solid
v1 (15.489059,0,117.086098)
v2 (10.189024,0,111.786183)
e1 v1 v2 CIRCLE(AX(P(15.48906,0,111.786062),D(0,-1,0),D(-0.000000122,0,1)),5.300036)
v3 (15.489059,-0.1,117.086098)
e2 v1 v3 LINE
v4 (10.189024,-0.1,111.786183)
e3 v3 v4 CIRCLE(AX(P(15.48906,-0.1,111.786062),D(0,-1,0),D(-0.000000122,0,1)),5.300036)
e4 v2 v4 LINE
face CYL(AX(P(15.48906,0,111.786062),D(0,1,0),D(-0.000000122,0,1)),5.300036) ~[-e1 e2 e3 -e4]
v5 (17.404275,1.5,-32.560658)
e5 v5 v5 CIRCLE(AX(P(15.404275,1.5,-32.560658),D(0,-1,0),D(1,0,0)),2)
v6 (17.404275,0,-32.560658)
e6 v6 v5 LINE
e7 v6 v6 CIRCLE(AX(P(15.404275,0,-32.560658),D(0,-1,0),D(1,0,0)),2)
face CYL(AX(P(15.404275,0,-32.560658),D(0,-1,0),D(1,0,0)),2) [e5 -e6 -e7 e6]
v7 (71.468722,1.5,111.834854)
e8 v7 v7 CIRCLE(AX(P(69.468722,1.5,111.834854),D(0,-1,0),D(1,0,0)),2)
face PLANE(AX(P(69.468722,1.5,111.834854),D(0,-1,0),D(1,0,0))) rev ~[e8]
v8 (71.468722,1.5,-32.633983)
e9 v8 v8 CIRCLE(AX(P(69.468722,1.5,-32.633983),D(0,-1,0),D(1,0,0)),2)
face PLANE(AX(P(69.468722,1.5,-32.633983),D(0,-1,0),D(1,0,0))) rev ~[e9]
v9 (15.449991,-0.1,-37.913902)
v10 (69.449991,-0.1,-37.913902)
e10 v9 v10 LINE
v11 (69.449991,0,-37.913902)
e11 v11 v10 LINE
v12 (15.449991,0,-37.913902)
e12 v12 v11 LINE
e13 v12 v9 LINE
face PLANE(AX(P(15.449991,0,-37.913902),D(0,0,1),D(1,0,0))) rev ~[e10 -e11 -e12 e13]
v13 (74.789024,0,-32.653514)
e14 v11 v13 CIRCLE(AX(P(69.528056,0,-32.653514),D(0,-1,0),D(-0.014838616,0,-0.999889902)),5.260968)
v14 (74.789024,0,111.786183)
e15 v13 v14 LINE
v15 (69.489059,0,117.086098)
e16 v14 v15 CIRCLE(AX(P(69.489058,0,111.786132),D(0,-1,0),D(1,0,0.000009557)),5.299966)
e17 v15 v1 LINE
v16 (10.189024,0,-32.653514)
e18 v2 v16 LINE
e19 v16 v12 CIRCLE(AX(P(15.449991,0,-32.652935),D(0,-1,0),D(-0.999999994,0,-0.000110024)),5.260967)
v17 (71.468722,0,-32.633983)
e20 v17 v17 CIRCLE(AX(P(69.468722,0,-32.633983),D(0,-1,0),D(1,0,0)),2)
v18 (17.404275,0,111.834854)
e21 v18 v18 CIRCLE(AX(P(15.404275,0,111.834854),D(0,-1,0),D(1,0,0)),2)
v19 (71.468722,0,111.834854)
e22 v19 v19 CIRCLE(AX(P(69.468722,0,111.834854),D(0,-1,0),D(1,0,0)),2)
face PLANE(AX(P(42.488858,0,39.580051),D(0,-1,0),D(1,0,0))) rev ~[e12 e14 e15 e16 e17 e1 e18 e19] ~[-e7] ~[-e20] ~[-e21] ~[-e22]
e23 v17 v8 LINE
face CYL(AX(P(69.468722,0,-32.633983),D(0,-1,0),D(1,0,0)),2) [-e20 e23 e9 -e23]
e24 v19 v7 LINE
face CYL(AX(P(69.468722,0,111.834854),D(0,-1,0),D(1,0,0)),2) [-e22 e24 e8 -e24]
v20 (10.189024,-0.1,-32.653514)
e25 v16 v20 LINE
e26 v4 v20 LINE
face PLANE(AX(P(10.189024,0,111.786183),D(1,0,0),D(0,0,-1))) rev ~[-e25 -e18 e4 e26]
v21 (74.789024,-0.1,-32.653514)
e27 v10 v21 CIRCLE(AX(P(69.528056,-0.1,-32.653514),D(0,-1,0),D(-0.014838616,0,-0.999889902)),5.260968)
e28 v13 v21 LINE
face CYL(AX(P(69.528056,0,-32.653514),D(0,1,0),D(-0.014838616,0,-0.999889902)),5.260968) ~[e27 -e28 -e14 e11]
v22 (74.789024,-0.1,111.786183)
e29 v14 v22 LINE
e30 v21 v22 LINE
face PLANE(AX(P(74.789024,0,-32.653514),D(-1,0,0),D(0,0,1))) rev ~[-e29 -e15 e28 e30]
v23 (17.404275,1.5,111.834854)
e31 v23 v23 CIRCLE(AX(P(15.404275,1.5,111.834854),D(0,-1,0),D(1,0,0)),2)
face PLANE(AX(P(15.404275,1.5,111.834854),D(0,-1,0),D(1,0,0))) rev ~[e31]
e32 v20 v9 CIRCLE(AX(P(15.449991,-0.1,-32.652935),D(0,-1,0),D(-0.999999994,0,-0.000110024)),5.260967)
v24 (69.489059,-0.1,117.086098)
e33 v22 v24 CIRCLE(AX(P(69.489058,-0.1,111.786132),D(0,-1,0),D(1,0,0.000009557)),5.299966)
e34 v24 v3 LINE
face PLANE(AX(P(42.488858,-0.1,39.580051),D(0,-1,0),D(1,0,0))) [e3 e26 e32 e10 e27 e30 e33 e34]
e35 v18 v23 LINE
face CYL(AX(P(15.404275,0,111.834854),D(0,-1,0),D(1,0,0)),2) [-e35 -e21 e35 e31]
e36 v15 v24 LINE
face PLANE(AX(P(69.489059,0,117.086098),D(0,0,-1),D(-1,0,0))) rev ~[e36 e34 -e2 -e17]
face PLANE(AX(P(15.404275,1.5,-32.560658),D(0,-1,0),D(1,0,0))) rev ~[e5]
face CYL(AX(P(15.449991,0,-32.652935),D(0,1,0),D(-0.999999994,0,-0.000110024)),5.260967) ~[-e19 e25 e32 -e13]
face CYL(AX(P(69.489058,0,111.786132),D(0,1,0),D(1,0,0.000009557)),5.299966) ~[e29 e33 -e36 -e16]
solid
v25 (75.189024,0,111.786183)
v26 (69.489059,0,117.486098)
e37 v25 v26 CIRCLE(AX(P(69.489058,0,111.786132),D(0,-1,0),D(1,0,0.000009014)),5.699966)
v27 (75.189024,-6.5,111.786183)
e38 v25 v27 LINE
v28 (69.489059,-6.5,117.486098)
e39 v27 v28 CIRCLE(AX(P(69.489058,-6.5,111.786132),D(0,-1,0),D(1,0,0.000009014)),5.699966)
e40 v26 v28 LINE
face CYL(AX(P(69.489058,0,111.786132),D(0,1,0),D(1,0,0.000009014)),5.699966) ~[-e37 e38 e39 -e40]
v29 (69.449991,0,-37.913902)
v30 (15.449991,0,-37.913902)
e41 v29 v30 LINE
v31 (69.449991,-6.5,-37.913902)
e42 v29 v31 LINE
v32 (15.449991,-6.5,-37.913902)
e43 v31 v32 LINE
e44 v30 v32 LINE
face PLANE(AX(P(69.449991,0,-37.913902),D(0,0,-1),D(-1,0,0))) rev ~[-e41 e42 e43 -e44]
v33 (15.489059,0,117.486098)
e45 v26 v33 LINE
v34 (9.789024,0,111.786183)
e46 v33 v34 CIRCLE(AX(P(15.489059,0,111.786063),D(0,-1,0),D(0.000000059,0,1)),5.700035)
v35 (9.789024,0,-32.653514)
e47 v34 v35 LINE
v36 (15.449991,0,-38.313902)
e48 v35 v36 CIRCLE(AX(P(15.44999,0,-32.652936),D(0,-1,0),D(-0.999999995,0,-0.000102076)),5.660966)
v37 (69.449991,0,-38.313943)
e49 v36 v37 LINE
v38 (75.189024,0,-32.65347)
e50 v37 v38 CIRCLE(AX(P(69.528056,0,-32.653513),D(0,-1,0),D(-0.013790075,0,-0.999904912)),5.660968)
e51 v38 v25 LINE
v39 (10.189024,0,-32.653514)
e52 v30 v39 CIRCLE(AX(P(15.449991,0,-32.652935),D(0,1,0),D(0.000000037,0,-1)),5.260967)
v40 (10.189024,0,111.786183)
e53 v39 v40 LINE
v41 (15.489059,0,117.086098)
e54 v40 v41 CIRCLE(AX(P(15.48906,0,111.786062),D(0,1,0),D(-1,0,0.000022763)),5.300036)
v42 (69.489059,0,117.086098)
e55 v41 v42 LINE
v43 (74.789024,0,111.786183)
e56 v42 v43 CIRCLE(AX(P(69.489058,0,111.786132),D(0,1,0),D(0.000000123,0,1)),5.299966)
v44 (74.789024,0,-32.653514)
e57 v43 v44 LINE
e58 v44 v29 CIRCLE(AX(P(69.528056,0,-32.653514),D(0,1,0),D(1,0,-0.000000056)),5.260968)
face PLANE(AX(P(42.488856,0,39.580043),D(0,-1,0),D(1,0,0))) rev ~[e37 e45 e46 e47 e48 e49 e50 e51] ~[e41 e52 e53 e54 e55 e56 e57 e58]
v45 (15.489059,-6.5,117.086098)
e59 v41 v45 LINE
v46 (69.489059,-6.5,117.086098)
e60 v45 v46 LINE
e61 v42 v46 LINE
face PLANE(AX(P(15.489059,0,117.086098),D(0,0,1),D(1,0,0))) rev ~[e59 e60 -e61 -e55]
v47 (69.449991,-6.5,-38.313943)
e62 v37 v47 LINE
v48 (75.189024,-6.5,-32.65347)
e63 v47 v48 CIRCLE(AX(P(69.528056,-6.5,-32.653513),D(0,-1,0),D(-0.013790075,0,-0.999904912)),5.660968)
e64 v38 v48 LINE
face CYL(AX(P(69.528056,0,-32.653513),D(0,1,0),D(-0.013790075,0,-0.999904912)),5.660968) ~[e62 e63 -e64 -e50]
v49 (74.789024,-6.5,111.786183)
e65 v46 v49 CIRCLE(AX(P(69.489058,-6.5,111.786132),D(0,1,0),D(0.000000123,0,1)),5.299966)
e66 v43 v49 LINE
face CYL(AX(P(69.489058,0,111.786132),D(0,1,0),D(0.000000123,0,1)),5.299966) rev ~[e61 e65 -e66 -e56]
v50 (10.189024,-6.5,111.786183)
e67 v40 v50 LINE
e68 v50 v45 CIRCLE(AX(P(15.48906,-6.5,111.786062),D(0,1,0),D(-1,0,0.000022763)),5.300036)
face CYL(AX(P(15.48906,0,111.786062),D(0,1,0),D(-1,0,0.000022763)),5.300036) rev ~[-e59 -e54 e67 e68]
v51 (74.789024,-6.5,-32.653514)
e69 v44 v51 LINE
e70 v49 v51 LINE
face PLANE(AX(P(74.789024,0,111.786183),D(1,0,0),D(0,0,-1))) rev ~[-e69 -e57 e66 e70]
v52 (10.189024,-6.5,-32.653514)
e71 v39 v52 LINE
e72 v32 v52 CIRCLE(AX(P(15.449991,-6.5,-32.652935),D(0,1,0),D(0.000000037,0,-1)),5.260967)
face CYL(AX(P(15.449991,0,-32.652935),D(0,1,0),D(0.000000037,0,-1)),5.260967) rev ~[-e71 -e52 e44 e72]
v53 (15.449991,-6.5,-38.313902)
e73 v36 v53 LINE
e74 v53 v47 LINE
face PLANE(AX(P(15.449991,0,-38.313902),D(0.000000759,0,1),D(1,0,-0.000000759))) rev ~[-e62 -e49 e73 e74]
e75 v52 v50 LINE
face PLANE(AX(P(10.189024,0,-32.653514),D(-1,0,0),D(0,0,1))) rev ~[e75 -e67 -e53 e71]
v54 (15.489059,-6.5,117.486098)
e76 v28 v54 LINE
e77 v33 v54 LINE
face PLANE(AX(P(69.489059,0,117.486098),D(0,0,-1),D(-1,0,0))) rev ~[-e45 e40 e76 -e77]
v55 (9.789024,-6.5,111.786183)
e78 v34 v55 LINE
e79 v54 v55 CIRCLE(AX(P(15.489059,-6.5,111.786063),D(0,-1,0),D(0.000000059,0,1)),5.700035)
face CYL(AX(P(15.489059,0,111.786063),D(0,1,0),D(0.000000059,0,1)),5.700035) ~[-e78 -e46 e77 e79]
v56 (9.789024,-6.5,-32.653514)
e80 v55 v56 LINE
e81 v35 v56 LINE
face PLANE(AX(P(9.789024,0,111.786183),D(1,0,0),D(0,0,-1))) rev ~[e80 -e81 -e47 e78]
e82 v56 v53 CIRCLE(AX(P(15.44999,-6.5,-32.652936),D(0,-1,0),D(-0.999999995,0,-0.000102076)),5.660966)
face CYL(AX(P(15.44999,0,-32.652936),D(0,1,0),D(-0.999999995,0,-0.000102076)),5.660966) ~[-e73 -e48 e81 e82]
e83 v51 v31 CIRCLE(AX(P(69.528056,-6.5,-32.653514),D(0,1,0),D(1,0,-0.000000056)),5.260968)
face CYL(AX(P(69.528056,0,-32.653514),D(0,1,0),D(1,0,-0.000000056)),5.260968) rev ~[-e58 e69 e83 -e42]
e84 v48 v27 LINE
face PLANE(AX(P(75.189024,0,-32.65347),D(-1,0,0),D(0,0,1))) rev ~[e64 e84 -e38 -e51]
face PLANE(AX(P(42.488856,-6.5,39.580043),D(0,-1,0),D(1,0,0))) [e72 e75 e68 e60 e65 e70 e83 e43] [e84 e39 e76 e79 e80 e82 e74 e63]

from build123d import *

# Parameters (mm, degrees)
F2_DEPTH = 6.5
F3_DEPTH = 0.1
F1_R     = 2
F4_DEPTH = 1.5


with BuildPart() as f2:
    # F0 (on Front) → F2 (new body)
    with BuildSketch(Plane.XZ):
        with BuildLine():
            Line((9.789024, 111.786183), (9.789024, -32.653514))
            ThreePointArc((9.789024, -32.653514), (11.447287, -36.656048), (15.449991, -38.313902))
            Line((15.449991, -38.313902), (69.449991, -38.313943))
            ThreePointArc((69.449991, -38.313943), (73.503284, -36.683913), (75.189024, -32.65347))
            Line((75.189024, -32.65347), (75.189024, 111.786183))
            ThreePointArc((75.189024, 111.786183), (73.519525, 115.816634), (69.489059, 117.486098))
            Line((69.489059, 117.486098), (15.489059, 117.486098))
            ThreePointArc((15.489059, 117.486098), (11.458568, 115.816639), (9.789024, 111.786183))
        make_face()
        with BuildLine():
            Line((10.189024, -32.653514), (10.189024, 111.786183))
            ThreePointArc((10.189024, 111.786183), (11.741411, 115.533796), (15.489059, 117.086098))
            Line((15.489059, 117.086098), (69.489059, 117.086098))
            ThreePointArc((69.489059, 117.086098), (73.236682, 115.533792), (74.789024, 111.786183))
            Line((74.789024, 111.786183), (74.789024, -32.653514))
            ThreePointArc((74.789024, -32.653514), (73.220418, -36.401079), (69.449991, -37.913902))
            Line((69.449991, -37.913902), (15.449991, -37.913902))
            ThreePointArc((15.449991, -37.913902), (11.73013, -36.373205), (10.189024, -32.653514))
        make_face(mode=Mode.SUBTRACT)
    extrude(amount=F2_DEPTH)


with BuildPart() as f3:
    # F0 (on Front) → F3 (new body)
    with BuildSketch(Plane.XZ):
        with BuildLine():
            ThreePointArc((15.489059, 117.086098), (11.741411, 115.533796), (10.189024, 111.786183))
            Line((10.189024, 111.786183), (10.189024, -32.653514))
            ThreePointArc((10.189024, -32.653514), (11.73013, -36.373205), (15.449991, -37.913902))
            Line((15.449991, -37.913902), (69.449991, -37.913902))
            ThreePointArc((69.449991, -37.913902), (73.220418, -36.401079), (74.789024, -32.653514))
            Line((74.789024, -32.653514), (74.789024, 111.786183))
            ThreePointArc((74.789024, 111.786183), (73.236682, 115.533792), (69.489059, 117.086098))
            Line((69.489059, 117.086098), (15.489059, 117.086098))
        make_face()
    extrude(amount=F3_DEPTH)

    # F1 (on Front) → F4 (join)
    with BuildSketch(Plane.XZ):
        with Locations((15.404275, -32.560658)):
            Circle(F1_R)
        with Locations((69.468722, -32.633983)):
            Circle(F1_R)
        with Locations((69.468722, 111.834854)):
            Circle(F1_R)
        with Locations((15.404275, 111.834854)):
            Circle(F1_R)
    extrude(amount=-F4_DEPTH)


solid = Compound([f2.part, f3.part])
